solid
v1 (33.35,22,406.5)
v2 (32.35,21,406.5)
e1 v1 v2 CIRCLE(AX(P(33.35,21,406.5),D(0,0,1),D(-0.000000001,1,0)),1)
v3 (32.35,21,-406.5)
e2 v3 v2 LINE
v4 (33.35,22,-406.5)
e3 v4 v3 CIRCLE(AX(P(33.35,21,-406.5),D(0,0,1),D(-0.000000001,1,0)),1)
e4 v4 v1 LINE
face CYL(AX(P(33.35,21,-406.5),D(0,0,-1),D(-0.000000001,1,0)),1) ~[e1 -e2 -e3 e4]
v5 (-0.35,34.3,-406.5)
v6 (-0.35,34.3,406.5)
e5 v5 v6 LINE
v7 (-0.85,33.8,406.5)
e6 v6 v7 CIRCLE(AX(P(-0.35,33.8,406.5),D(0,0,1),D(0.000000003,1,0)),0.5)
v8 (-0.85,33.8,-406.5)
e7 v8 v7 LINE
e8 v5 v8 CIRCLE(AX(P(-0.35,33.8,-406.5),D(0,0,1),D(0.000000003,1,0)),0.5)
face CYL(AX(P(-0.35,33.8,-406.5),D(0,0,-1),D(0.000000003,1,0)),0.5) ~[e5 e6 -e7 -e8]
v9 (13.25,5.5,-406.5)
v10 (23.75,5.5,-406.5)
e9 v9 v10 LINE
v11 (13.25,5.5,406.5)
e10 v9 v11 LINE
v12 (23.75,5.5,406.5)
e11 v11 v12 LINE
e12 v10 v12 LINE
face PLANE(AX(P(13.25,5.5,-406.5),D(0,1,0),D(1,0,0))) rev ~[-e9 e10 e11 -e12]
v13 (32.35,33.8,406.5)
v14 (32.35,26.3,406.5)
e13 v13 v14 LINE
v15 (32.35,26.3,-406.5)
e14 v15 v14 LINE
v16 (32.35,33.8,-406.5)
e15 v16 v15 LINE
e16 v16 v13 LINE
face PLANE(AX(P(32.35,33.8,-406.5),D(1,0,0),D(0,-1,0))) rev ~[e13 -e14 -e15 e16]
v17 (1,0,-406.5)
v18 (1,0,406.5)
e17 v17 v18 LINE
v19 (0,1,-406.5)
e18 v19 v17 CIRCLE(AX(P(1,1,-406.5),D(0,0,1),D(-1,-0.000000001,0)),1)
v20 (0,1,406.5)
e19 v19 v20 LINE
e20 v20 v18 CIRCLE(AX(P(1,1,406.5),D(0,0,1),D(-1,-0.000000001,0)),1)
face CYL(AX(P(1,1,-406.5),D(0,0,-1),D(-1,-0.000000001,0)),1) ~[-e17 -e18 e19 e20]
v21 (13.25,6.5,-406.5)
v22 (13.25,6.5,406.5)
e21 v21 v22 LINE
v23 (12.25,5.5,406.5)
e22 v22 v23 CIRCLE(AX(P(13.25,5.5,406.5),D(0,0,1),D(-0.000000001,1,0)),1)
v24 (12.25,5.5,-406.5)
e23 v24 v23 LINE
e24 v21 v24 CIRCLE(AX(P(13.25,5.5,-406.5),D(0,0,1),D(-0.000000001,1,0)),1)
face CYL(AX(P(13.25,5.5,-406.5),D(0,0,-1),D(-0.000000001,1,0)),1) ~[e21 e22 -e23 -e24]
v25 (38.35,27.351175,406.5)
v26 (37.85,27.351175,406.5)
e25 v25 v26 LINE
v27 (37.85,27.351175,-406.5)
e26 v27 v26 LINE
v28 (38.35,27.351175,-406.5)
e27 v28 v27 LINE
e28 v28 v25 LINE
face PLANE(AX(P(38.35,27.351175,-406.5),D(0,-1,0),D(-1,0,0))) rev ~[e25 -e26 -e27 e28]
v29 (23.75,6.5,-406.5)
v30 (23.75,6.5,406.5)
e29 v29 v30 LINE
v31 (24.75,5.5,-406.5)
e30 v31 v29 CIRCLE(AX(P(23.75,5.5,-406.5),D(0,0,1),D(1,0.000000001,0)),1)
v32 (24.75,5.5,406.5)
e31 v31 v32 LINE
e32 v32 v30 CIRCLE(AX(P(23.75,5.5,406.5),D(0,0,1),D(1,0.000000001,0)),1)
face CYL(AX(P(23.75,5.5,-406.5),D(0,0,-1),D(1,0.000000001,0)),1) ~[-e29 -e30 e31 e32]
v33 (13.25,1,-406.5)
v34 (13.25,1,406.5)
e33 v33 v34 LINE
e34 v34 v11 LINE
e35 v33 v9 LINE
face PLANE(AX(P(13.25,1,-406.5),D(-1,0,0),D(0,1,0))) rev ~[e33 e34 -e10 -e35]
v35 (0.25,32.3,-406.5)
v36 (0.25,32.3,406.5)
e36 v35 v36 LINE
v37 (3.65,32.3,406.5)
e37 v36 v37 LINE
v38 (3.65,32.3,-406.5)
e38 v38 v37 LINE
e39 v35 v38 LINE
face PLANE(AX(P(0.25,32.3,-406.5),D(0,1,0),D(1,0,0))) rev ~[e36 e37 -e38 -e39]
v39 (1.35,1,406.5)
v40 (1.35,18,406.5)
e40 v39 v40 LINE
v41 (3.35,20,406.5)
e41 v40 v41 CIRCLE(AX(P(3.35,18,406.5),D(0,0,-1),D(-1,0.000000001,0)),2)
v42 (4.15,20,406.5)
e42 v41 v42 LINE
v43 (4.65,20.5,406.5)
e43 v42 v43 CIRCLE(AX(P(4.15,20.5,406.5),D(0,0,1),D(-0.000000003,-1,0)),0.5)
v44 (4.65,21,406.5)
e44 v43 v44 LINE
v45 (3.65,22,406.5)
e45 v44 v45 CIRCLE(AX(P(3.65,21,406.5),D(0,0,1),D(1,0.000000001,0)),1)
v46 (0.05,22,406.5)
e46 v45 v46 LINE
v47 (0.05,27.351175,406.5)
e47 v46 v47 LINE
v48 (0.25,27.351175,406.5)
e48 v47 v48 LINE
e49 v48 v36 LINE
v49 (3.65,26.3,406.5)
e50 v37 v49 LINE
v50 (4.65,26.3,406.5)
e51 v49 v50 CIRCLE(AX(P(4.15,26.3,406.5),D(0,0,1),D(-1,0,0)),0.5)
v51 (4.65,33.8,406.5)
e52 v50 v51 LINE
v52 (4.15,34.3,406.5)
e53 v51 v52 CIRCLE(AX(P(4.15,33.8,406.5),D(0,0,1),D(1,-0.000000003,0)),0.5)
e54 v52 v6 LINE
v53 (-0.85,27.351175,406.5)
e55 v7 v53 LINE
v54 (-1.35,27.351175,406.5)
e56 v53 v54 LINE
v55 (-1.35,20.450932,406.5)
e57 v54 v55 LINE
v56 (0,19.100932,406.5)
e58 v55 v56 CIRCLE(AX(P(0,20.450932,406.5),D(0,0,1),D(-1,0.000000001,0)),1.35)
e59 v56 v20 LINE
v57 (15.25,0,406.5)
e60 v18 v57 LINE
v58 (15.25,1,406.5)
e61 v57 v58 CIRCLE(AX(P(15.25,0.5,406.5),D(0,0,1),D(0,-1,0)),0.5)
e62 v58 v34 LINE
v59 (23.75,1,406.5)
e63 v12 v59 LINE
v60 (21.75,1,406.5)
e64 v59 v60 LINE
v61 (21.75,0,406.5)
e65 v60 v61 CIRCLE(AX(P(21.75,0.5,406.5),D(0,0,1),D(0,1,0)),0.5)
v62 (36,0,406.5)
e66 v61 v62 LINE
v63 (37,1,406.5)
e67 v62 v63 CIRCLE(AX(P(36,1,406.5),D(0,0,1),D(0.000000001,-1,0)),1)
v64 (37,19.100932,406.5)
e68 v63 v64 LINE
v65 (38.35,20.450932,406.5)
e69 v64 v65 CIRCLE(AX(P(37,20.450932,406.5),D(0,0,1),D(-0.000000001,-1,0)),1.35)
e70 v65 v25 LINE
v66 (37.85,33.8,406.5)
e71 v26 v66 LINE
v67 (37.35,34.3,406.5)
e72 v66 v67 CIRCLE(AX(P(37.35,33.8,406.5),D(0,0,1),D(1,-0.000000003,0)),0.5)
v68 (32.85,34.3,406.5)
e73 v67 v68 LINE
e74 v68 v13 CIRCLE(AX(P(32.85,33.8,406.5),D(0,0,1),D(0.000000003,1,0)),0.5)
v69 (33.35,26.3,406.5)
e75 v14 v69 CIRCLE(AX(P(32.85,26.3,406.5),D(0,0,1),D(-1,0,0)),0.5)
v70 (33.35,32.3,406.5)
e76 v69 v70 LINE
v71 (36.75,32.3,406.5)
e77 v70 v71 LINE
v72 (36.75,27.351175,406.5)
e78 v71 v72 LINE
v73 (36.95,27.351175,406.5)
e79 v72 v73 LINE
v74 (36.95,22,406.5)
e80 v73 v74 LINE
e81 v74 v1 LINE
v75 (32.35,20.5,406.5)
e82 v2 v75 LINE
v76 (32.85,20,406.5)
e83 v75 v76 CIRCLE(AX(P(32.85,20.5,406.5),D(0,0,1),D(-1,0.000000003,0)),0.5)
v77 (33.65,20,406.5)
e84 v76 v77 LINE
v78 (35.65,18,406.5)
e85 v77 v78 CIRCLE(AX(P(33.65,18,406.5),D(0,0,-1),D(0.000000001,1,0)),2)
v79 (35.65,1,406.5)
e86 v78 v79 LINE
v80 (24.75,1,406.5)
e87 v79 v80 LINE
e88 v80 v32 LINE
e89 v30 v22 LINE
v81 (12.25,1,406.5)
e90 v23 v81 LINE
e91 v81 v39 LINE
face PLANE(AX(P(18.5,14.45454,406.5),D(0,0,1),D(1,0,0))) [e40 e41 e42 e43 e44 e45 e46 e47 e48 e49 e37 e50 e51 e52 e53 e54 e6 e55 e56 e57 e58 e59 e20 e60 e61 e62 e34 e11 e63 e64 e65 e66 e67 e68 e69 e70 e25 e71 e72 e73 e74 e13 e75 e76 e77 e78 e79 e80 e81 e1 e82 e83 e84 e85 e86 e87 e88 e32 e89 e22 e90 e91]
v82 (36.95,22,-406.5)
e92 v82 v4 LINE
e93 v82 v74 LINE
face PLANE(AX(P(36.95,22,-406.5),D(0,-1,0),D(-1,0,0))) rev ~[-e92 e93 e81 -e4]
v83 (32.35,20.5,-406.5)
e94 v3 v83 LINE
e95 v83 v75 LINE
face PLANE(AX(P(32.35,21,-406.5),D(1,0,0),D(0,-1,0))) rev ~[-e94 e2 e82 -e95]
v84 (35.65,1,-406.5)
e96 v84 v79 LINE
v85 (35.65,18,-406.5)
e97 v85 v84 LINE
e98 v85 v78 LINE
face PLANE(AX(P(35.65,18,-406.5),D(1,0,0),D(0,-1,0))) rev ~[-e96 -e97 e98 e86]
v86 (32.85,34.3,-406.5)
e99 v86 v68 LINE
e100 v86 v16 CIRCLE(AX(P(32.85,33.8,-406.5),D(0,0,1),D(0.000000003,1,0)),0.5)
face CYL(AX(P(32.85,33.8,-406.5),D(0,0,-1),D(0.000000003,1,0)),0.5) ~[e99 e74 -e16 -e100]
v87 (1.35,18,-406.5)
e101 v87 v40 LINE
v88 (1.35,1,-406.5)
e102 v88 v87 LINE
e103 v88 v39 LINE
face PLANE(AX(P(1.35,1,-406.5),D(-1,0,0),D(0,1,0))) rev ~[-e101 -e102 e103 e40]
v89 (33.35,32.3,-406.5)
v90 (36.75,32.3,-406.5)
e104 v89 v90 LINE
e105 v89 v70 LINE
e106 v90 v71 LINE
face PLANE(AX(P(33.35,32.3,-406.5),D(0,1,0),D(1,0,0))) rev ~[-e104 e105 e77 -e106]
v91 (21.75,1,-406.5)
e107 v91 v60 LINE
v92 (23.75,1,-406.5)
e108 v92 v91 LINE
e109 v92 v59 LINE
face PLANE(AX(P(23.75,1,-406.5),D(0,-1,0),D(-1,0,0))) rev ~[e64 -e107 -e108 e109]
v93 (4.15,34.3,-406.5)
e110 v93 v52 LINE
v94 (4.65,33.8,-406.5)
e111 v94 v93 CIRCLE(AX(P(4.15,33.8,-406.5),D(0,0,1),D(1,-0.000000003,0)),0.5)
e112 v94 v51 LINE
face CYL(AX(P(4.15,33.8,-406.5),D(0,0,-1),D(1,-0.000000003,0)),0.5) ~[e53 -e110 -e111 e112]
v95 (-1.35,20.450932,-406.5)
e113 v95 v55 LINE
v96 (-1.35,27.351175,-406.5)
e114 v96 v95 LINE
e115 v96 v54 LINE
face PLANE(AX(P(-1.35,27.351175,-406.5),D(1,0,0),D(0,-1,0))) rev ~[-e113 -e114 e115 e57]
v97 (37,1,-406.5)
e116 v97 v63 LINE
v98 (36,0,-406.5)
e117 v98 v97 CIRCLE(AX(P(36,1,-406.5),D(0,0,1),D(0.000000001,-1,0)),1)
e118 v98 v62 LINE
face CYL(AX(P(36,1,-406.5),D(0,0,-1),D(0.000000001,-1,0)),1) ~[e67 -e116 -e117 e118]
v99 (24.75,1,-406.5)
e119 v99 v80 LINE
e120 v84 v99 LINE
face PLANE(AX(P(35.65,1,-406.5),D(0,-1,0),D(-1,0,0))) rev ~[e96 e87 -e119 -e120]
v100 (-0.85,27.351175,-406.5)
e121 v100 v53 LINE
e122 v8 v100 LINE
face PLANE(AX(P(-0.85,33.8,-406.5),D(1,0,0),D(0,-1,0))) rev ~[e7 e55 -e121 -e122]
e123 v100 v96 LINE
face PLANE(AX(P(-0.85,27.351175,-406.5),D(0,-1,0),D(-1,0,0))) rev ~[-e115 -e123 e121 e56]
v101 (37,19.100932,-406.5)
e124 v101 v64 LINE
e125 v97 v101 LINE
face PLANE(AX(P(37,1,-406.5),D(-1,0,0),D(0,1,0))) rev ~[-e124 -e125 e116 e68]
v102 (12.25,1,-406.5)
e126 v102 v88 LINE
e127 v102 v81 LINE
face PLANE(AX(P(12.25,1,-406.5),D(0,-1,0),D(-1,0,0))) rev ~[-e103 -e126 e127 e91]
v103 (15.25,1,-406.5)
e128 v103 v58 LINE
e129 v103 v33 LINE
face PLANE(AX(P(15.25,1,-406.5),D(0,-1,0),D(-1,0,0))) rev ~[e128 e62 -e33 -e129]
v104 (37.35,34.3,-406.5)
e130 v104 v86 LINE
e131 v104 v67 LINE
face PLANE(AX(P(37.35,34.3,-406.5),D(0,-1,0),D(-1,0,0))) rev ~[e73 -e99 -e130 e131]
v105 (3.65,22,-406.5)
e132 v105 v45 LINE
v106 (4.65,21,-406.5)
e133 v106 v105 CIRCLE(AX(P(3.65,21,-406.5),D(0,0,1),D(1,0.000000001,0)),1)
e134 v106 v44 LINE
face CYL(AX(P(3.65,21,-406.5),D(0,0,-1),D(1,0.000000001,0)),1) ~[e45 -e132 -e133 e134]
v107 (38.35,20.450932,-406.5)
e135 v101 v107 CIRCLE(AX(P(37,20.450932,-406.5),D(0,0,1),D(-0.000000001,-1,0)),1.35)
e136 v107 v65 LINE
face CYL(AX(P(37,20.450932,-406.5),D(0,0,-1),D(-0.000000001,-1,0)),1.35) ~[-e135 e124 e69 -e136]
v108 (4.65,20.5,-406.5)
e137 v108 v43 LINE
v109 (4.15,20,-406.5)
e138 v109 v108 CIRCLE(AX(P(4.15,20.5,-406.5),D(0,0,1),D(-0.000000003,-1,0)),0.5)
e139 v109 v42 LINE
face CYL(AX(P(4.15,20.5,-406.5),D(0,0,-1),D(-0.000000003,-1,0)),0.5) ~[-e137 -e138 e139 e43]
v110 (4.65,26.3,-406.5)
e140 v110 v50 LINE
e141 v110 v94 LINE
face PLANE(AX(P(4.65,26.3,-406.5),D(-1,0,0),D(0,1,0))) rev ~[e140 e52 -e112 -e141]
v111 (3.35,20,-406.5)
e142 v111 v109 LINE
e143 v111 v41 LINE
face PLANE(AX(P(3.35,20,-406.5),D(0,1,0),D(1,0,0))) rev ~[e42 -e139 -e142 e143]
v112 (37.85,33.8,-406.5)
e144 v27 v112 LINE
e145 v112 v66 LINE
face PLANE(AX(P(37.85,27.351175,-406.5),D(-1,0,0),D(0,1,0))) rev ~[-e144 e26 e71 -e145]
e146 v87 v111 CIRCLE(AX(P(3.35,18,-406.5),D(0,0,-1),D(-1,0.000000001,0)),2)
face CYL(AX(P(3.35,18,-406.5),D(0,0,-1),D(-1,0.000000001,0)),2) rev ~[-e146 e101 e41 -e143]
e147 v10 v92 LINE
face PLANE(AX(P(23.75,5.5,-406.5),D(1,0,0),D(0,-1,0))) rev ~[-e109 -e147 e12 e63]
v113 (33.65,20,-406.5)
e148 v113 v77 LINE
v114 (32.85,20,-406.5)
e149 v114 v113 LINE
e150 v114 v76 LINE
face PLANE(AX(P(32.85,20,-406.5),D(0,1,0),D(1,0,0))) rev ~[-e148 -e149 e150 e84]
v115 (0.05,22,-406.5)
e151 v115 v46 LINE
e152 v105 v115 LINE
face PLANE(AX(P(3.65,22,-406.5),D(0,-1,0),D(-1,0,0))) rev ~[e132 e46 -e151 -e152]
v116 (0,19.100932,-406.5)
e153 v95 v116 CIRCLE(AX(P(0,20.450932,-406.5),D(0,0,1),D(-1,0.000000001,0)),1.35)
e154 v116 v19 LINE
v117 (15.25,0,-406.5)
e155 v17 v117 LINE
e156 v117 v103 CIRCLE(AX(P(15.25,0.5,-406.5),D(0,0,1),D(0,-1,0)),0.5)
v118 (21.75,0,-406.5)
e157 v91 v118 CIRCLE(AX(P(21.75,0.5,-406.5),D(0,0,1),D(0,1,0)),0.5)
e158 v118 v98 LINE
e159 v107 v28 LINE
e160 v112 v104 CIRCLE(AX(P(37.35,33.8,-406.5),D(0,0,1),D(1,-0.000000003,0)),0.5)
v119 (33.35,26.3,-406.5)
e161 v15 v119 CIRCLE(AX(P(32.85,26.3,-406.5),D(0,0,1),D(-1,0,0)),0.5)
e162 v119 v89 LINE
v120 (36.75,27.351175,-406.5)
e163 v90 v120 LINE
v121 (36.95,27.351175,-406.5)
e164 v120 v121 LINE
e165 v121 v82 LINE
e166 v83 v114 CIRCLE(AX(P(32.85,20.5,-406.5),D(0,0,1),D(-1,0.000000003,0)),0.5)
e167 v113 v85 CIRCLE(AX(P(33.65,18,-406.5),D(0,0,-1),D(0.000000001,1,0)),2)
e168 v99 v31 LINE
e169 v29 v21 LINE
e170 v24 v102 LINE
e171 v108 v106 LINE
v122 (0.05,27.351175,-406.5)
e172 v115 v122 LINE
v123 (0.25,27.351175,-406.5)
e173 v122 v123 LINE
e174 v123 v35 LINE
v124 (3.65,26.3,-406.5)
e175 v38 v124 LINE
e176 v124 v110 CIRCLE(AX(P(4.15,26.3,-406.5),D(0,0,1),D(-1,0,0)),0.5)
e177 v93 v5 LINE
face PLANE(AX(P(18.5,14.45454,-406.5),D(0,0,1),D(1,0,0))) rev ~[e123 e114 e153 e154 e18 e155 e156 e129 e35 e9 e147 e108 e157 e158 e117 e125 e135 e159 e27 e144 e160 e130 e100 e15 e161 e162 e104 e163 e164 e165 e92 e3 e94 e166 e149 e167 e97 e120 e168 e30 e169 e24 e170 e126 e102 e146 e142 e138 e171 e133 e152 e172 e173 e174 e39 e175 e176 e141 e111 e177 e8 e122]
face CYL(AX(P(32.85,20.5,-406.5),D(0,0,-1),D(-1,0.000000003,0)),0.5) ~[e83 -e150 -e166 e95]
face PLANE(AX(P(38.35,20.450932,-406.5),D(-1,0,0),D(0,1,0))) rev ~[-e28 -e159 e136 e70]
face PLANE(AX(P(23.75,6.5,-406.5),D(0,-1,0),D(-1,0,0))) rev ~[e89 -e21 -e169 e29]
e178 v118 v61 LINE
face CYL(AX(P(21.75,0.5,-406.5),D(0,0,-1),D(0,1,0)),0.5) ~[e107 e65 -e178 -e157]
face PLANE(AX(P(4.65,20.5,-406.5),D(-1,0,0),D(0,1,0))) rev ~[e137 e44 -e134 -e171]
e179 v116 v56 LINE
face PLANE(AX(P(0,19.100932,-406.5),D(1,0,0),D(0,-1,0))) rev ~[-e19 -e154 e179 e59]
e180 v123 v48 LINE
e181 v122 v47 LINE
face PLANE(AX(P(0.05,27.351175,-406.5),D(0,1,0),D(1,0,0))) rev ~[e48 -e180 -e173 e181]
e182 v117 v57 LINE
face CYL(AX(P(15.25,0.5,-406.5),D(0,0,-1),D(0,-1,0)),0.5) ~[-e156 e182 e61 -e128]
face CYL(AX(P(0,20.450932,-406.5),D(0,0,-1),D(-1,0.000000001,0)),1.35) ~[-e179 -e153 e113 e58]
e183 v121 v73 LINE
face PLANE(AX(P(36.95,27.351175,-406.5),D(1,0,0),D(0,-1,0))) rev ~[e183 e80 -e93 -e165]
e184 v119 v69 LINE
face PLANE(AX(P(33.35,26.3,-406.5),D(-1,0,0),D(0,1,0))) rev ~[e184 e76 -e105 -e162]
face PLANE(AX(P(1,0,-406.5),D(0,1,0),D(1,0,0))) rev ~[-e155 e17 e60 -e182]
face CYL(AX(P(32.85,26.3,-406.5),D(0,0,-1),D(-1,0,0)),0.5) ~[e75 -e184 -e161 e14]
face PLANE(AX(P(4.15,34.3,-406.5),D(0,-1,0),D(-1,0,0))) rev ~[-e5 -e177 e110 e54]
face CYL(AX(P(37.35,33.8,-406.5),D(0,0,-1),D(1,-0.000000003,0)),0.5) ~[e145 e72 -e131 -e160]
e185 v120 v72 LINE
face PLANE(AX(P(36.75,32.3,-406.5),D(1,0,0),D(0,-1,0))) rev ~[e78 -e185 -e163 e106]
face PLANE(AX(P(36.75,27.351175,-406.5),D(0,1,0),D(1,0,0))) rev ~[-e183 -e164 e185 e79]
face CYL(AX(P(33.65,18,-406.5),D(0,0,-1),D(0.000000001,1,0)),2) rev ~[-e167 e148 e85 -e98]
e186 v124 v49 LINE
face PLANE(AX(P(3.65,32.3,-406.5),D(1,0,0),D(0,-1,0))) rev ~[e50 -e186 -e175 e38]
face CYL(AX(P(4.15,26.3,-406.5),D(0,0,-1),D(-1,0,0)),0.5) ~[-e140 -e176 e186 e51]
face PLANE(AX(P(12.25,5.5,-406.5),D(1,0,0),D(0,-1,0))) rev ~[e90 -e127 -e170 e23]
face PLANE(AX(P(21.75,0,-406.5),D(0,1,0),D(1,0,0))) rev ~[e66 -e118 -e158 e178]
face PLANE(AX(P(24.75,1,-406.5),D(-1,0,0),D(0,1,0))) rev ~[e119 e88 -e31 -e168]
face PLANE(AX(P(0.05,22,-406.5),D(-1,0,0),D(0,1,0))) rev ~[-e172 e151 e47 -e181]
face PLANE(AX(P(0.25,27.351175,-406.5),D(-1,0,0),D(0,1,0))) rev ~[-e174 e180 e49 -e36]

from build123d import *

# Parameters (mm, degrees)
EXTRUDE_1_DEPTH      = 406.5
EXTRUDE_1_DEPTH_BACK = 406.5


with BuildPart() as part:
    # 草图1 → 凸台-拉伸1 (new, two sides: drawn at the far end of the back side and taken through both)
    with BuildSketch(Plane.XY.offset(-EXTRUDE_1_DEPTH_BACK)):
        with BuildLine():
            Line((24.75, 1), (24.75, 5.5))
            ThreePointArc((24.75, 5.5), (24.457106781, 6.207106781), (23.75, 6.5))
            Line((23.75, 6.5), (18.5, 6.5))
            Line((18.5, 6.5), (13.25, 6.5))
            ThreePointArc((13.25, 6.5), (12.542893219, 6.207106781), (12.25, 5.5))
            Line((12.25, 5.5), (12.25, 1))
            Line((12.25, 1), (1.35, 1))
            Line((1.35, 1), (1.35, 18))
            ThreePointArc((1.35, 18), (1.935786438, 19.414213562), (3.35, 20))
            Line((3.35, 20), (4.15, 20))
            ThreePointArc((4.15, 20), (4.503553391, 20.146446609), (4.65, 20.5))
            Line((4.65, 20.5), (4.65, 21))
            ThreePointArc((4.65, 21), (4.357106781, 21.707106781), (3.65, 22))
            Line((3.65, 22), (0.05, 22))
            Line((0.05, 22), (0.05, 27.351174762))
            Line((0.05, 27.351174762), (0.25, 27.351174762))
            Line((0.25, 27.351174762), (0.25, 32.3))
            Line((0.25, 32.3), (3.65, 32.3))
            Line((3.65, 32.3), (3.65, 26.3))
            ThreePointArc((3.65, 26.3), (4.15, 25.8), (4.65, 26.3))
            Line((4.65, 26.3), (4.65, 33.8))
            ThreePointArc((4.65, 33.8), (4.503553391, 34.153553391), (4.15, 34.3))
            Line((4.15, 34.3), (-0.35, 34.3))
            ThreePointArc((-0.35, 34.3), (-0.703553391, 34.153553391), (-0.85, 33.8))
            Line((-0.85, 33.8), (-0.85, 27.351174762))
            Line((-0.85, 27.351174762), (-1.35, 27.351174762))
            Line((-1.35, 27.351174762), (-1.35, 20.450932326))
            ThreePointArc((-1.35, 20.450932326), (-0.954594155, 19.496338171), (0, 19.100932326))
            Line((0, 19.100932326), (0, 1))
            ThreePointArc((0, 1), (0.292893219, 0.292893219), (1, 0))
            Line((1, 0), (15.25, 0))
            ThreePointArc((15.25, 0), (15.75, 0.5), (15.25, 1))
            Line((15.25, 1), (13.25, 1))
            Line((13.25, 1), (13.25, 5.5))
            Line((13.25, 5.5), (18.5, 5.5))
            Line((18.5, 5.5), (23.75, 5.5))
            Line((23.75, 5.5), (23.75, 1))
            Line((23.75, 1), (21.75, 1))
            ThreePointArc((21.75, 1), (21.25, 0.5), (21.75, 0))
            Line((21.75, 0), (36, 0))
            ThreePointArc((36, 0), (36.707106781, 0.292893219), (37, 1))
            Line((37, 1), (37, 19.100932326))
            ThreePointArc((37, 19.100932326), (37.954594155, 19.496338171), (38.35, 20.450932326))
            Line((38.35, 20.450932326), (38.35, 27.351174762))
            Line((38.35, 27.351174762), (37.85, 27.351174762))
            Line((37.85, 27.351174762), (37.85, 33.8))
            ThreePointArc((37.85, 33.8), (37.703553391, 34.153553391), (37.35, 34.3))
            Line((37.35, 34.3), (32.85, 34.3))
            ThreePointArc((32.85, 34.3), (32.496446609, 34.153553391), (32.35, 33.8))
            Line((32.35, 33.8), (32.35, 26.3))
            ThreePointArc((32.35, 26.3), (32.85, 25.8), (33.35, 26.3))
            Line((33.35, 26.3), (33.35, 32.3))
            Line((33.35, 32.3), (36.75, 32.3))
            Line((36.75, 32.3), (36.75, 27.351174762))
            Line((36.75, 27.351174762), (36.95, 27.351174762))
            Line((36.95, 27.351174762), (36.95, 22))
            Line((36.95, 22), (33.35, 22))
            ThreePointArc((33.35, 22), (32.642893219, 21.707106781), (32.35, 21))
            Line((32.35, 21), (32.35, 20.5))
            ThreePointArc((32.35, 20.5), (32.496446609, 20.146446609), (32.85, 20))
            Line((32.85, 20), (33.65, 20))
            ThreePointArc((33.65, 20), (35.064213562, 19.414213562), (35.65, 18))
            Line((35.65, 18), (35.65, 1))
            Line((35.65, 1), (24.75, 1))
        make_face()
    extrude(amount=EXTRUDE_1_DEPTH + EXTRUDE_1_DEPTH_BACK)


solid = part.part
